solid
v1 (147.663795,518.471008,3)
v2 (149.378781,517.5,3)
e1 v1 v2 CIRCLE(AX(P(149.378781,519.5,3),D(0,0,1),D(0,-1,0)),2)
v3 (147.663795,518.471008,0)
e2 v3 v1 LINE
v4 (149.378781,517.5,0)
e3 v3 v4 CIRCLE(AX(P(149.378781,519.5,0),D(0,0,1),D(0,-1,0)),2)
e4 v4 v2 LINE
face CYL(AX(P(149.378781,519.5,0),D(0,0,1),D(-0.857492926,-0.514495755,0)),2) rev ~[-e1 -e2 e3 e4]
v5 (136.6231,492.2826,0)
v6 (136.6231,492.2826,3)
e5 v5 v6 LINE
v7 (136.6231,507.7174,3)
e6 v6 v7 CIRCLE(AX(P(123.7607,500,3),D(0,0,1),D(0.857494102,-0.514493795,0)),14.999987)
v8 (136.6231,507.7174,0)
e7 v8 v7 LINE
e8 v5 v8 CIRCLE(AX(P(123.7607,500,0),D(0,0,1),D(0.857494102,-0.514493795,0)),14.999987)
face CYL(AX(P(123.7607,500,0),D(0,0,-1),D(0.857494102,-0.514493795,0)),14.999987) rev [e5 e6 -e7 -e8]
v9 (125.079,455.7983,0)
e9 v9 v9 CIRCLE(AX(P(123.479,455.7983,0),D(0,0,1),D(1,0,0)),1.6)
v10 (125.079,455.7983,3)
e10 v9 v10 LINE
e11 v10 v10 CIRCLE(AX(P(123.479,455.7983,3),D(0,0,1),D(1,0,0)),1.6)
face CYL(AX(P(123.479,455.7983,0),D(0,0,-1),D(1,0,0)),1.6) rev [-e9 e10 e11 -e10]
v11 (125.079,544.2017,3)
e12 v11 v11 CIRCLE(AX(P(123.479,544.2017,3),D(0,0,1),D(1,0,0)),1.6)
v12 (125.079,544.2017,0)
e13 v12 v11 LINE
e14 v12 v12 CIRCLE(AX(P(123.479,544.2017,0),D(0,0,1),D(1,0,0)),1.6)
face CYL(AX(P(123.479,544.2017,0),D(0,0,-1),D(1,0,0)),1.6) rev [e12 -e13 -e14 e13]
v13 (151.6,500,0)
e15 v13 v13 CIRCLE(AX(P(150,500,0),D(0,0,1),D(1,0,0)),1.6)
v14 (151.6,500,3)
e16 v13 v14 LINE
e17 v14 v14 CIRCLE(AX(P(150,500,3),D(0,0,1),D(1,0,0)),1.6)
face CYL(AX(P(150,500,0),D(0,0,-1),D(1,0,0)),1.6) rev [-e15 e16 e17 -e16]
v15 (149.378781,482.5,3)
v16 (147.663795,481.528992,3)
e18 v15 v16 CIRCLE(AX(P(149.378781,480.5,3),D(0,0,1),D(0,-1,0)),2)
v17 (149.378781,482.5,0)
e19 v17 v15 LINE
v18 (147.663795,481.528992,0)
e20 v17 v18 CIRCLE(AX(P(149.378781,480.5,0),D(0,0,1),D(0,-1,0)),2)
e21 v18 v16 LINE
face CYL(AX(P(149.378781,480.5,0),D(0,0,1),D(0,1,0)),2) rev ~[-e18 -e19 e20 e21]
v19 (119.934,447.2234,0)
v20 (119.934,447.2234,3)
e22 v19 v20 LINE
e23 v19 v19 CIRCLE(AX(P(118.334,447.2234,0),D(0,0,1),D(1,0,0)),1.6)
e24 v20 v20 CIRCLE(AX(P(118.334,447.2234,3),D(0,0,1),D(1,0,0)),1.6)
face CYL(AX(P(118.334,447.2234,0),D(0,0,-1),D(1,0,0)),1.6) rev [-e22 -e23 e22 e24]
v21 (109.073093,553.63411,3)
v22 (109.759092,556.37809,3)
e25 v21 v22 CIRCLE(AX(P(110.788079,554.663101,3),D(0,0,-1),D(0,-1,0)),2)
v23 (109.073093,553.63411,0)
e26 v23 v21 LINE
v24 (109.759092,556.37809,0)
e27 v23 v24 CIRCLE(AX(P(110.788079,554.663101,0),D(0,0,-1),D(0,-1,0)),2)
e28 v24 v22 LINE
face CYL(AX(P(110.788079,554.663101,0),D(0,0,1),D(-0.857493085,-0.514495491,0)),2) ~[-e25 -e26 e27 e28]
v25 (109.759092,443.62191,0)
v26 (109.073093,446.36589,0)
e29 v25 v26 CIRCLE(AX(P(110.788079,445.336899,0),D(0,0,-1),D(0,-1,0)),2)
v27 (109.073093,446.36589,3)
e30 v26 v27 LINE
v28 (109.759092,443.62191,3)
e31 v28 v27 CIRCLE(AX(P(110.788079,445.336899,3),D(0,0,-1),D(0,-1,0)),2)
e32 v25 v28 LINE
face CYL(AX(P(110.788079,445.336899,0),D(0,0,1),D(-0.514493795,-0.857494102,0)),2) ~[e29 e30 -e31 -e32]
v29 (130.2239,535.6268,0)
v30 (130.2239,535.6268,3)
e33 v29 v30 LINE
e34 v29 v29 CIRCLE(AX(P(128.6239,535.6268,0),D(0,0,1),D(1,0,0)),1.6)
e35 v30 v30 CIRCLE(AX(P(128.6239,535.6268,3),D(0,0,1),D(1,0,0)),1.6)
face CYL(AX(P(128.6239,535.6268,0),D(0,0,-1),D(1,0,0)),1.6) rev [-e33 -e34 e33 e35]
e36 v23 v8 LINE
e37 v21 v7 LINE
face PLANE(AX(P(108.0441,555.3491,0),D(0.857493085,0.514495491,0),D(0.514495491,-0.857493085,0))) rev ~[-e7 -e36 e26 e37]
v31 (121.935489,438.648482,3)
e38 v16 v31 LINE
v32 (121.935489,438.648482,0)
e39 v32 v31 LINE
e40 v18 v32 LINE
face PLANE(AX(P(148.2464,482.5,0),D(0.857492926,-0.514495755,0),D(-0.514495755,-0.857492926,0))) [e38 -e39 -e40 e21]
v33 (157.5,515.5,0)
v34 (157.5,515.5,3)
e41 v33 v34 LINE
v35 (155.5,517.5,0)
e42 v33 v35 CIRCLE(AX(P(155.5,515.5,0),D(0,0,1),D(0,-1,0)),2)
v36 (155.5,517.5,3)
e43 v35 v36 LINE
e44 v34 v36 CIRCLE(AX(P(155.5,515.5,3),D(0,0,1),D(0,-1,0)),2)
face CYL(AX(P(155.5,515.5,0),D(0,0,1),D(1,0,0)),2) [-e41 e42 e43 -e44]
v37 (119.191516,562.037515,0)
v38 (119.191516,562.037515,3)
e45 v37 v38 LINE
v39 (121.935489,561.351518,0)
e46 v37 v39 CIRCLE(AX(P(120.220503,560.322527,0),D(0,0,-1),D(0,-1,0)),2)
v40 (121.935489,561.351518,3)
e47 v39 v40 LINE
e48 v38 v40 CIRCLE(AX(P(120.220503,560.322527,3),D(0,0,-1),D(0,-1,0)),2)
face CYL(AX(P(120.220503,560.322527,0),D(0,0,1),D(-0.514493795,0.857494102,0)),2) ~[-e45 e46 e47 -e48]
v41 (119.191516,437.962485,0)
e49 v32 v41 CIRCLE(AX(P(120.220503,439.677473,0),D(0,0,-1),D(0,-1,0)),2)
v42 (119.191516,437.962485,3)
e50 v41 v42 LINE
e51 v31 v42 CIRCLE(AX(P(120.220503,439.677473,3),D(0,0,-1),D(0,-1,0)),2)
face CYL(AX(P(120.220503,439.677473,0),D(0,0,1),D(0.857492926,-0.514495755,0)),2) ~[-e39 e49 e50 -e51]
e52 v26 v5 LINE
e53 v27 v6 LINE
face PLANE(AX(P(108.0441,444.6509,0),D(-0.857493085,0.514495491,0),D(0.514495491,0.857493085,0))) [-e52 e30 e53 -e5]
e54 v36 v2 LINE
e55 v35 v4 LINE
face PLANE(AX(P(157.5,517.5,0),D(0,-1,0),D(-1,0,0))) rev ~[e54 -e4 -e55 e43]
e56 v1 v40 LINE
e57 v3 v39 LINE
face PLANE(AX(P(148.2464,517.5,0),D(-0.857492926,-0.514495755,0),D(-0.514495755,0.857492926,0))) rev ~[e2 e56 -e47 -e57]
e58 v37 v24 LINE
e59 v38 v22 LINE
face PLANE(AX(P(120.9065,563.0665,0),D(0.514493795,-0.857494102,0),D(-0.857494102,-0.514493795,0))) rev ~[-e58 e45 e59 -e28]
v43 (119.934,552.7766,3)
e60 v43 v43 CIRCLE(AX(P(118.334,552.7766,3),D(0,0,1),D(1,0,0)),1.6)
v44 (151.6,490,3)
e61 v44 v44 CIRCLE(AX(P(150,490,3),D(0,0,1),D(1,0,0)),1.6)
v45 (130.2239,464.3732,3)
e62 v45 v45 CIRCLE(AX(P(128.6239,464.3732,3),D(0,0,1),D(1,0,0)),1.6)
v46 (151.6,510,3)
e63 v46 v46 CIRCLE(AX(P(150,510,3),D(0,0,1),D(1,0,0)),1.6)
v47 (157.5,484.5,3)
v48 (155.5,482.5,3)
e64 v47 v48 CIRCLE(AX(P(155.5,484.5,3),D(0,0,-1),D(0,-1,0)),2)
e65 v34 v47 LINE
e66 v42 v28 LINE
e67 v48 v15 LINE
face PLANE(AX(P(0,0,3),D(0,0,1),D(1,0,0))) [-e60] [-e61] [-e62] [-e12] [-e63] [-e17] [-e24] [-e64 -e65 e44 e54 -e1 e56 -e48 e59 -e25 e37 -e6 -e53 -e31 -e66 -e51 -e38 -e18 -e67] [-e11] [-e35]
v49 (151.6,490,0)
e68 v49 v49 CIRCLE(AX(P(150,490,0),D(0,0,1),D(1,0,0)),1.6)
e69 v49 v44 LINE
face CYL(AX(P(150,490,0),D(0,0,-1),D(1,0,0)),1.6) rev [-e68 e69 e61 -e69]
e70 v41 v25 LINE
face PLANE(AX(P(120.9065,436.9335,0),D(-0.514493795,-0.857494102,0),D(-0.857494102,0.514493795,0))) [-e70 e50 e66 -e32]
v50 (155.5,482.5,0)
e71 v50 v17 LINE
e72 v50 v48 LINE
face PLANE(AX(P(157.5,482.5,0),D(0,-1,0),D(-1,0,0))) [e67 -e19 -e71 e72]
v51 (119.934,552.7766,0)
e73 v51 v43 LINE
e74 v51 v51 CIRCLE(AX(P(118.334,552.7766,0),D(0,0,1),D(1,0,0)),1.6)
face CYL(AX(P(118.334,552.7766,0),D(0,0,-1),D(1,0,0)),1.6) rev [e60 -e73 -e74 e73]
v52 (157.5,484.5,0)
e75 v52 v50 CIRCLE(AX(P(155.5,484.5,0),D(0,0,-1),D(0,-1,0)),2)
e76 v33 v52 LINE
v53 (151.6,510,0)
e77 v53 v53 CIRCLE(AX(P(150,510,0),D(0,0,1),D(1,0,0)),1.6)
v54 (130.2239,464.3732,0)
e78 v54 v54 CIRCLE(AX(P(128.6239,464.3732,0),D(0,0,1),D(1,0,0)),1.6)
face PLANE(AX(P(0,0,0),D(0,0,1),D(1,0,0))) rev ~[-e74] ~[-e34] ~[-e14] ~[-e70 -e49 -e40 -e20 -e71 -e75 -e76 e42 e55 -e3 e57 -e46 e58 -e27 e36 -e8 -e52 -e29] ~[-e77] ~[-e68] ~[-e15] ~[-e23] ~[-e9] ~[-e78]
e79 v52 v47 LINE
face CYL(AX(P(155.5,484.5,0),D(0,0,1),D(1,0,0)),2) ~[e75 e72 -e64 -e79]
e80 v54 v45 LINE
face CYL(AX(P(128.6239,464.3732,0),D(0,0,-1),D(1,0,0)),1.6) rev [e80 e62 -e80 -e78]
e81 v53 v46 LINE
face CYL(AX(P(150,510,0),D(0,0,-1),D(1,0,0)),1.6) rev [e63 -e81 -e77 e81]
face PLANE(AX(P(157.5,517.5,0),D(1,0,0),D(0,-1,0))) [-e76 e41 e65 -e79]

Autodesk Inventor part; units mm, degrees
ref_plane "YZ Plane" through (0, 0, 0) normal (1, 0, 0) x (0, 1, 0)
ref_plane "XZ Plane" through (0, 0, 0) normal (0, 1, 0) x (-1, 0, 0)
ref_plane "XY Plane" through (0, 0, 0) normal (0, 0, 1) x (1, 0, 0)
sketch "スケッチ1" plane through (0, 0, 0) normal (0, 0, 1) x (1, 0, 0)
  line L0 (-157.5, 1000) -> (-142.5, 1000)
  line L1 (-142.5, 1000) -> (-142.5, 0)
  line L2 (-142.5, 0) -> (-157.5, 0)
  line L3 (-157.5, 0) -> (-157.5, 1000)
  line L4 (142.5, 500) -> (157.5, 500) construction
  line L5 (157.5, 500) -> (157.5, 0) construction
  line L6 (157.5, 0) -> (142.5, 0)
  line L7 (142.5, 0) -> (142.5, 500) construction
  circle A0 centre (-150, 0) radius 1.6
  circle A1 centre (150, 500) radius 1.6
  line L8 (127.3377, 476.8069) -> (140.2001, 469.0894) construction
  line L9 (140.2001, 469.0894) -> (-127.3377, 23.1931) construction
  line L10 (-127.3377, 23.1931) -> (-140.2001, 30.9106)
  line L11 (-140.2001, 30.9106) -> (127.3377, 476.8069) construction
  line L12 (-150, 0) -> (-133.7689, 27.0518) construction
  circle A2 centre (-150, 1000) radius 1.6
  circle A3 centre (150, 490) radius 1.6
  line L13 (133.7689, 472.9482) -> (150, 500) construction
  line L14 (-133.7689, 27.0518) -> (133.7689, 472.9482) construction
  circle A4 centre (128.6239, 464.3732) radius 1.6
  circle A5 centre (123.479, 455.7983) radius 1.6
  circle A6 centre (118.334, 447.2234) radius 1.6
  circle A7 centre (150, 510) radius 1.6
  circle A8 centre (128.6239, 535.6268) radius 1.6
  circle A9 centre (123.479, 544.2017) radius 1.6
  circle A10 centre (118.334, 552.7766) radius 1.6
  line L15 (157.5, 517.5) -> (157.5, 482.5)
  line L16 (157.5, 482.5) -> (148.2464, 482.5)
  line L17 (157.5, 517.5) -> (148.2464, 517.5)
  line L18 (148.2464, 517.5) -> (120.9065, 563.0665)
  line L19 (120.9065, 563.0665) -> (108.0441, 555.3491)
  line L20 (108.0441, 555.3491) -> (136.6231, 507.7174)
  line L21 (148.2464, 482.5) -> (120.9065, 436.9335)
  line L22 (120.9065, 436.9335) -> (108.0441, 444.6509)
  line L23 (108.0441, 444.6509) -> (136.6231, 492.2826)
  arc A11 (136.6231, 492.2826) -> (136.6231, 507.7174) centre (123.7607, 500) ccw
  line L24 (118.334, 552.7766) -> (128.6239, 535.6268) construction
  point P0 (0, 0)
  point P1 (150, 0)
  dimension "d0" = 15
  dimension "d1" = 15
  dimension "d2" = 1000
  dimension "d3" = 500
  dimension "d4" = 3.2
  dimension "d5" = 3.2
  dimension "d6" = 285
  dimension "d7" = 142.5
  dimension "d8" = 15
  dimension "d9" = 7.5
  dimension "d10" = 520
  dimension "d11" = 3.2
  dimension "d12" = 3.2
  dimension "d13" = 10
  dimension "d14" = 3.2
  dimension "d15" = 3.2
  dimension "d16" = 3.2
  dimension "d17" = 10
  dimension "d18" = 10
  dimension "d19" = 10
  dimension "d20" = 3.2
  dimension "d21" = 10
  dimension "d22" = 7.5
  dimension "d23" = 7.5
  dimension "d24" = 7.5
  dimension "d25" = 7.5
  dimension "d26" = 7.5
  dimension "d27" = 7.5
  dimension "d28" = 7.5
  dimension "d30" = 7.5
  dimension "d31" = 7.5
  dimension "d32" = 15
extrude "押し出し1" add sketch "スケッチ1" along normal blind 3 contours L15 L16 L21 L22 L23 A11 L20 L19 L18 L17
fillet "フィレット1" radius 2 8 edges at (120.9065, 563.0665, 1.5) (157.5, 517.5, 1.5) (157.5, 482.5, 1.5) (120.9065, 436.9335, 1.5) (108.0441, 444.6509, 1.5) (148.2464, 482.5, 1.5) (148.2464, 517.5, 1.5) (108.0441, 555.3491, 1.5)
equation "\"d7\" = 0.5 * d6"
properties part number "プレート保持_固定具2" material "アルミニウム 6061"
